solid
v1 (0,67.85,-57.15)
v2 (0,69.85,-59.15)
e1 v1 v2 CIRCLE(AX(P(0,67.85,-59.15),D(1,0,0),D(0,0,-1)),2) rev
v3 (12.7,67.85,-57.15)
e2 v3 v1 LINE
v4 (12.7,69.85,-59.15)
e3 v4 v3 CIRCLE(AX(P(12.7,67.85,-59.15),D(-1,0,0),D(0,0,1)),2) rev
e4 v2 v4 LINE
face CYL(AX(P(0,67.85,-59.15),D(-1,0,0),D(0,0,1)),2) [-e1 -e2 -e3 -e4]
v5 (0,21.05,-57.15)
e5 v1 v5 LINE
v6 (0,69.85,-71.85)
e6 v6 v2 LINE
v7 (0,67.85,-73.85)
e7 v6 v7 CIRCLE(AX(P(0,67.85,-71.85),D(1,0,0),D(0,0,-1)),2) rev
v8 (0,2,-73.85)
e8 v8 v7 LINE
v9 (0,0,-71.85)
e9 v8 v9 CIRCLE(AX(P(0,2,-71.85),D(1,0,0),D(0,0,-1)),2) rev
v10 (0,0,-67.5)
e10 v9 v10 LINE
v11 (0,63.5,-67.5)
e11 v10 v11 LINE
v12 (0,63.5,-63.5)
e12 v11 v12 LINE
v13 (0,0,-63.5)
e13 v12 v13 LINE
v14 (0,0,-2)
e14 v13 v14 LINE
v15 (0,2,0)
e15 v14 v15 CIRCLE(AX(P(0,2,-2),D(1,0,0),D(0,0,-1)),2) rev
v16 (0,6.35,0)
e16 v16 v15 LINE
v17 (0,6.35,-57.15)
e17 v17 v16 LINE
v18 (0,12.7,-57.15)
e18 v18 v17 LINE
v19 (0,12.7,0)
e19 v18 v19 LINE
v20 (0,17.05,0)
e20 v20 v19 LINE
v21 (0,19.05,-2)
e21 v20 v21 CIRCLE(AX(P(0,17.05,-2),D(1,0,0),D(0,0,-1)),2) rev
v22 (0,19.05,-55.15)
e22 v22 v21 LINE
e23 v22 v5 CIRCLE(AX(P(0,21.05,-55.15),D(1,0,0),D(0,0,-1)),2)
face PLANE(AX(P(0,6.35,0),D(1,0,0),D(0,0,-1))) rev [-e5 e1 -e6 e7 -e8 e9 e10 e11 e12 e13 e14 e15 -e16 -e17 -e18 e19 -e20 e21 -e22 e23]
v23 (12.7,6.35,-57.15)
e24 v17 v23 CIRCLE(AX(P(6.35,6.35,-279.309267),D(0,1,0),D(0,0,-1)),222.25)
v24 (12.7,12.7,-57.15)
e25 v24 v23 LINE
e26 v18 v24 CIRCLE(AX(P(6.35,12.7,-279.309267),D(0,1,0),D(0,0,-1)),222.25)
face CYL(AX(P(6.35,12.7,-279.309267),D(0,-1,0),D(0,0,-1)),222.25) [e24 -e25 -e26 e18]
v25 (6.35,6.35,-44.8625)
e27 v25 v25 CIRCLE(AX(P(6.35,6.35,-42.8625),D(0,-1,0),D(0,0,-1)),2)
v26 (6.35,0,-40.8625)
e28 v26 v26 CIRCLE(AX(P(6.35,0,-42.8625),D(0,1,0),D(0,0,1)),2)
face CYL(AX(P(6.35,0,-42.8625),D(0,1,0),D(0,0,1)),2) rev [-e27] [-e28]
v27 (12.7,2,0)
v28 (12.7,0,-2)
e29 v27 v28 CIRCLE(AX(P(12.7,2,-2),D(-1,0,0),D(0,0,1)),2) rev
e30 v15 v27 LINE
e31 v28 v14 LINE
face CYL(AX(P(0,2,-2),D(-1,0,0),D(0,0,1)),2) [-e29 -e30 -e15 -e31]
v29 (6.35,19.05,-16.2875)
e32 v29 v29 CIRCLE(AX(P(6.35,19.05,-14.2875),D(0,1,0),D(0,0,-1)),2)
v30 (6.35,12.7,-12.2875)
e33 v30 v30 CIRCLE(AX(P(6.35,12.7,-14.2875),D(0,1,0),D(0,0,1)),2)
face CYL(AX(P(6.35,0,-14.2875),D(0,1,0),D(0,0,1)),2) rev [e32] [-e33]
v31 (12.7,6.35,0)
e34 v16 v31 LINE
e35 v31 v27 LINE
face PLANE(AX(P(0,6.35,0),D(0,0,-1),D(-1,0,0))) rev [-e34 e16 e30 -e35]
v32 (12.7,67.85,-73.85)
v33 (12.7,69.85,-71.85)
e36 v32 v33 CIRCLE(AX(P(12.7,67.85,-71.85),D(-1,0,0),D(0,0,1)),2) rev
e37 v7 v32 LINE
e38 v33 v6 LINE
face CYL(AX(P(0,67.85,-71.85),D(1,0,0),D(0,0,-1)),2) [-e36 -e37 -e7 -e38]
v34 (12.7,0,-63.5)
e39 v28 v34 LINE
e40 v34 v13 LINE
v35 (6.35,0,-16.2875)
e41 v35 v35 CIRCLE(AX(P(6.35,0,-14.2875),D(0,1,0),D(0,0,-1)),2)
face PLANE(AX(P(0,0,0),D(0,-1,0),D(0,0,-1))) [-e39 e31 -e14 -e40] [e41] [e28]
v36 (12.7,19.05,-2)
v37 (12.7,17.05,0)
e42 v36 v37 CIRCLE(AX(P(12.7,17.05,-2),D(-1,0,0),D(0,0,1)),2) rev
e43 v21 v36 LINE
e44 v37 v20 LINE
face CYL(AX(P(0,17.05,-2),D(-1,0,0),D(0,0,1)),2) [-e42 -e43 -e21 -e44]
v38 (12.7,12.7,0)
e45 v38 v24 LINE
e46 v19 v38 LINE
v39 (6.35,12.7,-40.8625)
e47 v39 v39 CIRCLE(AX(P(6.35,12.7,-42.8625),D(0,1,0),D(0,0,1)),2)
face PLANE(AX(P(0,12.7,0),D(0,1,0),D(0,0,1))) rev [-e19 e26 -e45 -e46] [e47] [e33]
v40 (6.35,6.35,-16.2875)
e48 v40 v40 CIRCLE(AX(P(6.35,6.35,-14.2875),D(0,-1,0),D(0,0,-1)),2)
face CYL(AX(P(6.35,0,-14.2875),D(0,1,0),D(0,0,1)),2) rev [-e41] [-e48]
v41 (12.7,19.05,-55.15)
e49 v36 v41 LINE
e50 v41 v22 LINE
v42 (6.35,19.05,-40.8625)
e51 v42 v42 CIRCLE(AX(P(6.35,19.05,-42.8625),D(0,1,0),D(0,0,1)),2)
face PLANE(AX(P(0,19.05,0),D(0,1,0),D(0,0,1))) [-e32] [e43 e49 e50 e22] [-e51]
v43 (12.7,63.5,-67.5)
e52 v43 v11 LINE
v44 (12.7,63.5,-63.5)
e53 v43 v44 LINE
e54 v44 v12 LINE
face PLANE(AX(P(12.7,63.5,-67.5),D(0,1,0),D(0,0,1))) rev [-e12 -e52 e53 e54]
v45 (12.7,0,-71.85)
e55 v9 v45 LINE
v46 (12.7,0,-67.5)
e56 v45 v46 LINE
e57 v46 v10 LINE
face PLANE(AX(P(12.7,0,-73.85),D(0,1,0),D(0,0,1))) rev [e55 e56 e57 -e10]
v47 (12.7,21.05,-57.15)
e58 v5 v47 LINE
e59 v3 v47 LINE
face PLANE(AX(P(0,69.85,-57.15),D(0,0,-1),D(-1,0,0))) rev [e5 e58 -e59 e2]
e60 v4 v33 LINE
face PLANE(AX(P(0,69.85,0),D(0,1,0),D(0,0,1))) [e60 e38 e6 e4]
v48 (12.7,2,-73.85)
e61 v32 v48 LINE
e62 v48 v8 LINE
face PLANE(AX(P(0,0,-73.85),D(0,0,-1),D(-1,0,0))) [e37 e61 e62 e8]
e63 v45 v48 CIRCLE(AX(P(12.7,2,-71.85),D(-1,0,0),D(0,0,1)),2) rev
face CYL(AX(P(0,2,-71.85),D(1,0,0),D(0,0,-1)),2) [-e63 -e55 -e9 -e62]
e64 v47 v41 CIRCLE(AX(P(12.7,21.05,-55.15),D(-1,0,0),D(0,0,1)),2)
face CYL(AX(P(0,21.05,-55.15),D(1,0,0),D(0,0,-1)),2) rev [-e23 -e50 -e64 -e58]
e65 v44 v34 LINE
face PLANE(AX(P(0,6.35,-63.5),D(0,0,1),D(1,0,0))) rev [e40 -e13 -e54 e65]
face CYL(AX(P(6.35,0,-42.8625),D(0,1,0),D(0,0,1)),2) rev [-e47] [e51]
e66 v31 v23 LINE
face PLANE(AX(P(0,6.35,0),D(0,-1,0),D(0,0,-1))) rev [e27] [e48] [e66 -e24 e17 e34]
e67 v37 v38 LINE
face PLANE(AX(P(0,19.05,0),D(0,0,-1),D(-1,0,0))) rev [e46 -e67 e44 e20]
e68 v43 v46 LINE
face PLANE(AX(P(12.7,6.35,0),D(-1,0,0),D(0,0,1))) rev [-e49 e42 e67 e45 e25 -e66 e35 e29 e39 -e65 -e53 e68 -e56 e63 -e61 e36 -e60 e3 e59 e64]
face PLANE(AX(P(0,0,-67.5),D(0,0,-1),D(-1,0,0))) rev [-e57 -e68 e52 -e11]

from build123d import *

# Parameters (mm, degrees)
SKETCH1_W           = 12.7
SKETCH1_H           = 63.5
BOSS_EXTRUDE1_DEPTH = 6.35
SKETCH2_W           = 12.7
SKETCH2_H           = 6.35
BOSS_EXTRUDE2_DEPTH = 6.35
SKETCH3_W           = 12.7
SKETCH3_H           = 63.5
BOSS_EXTRUDE3_DEPTH = 6.35
SKETCH4_W           = 12.7
SKETCH4_H           = 6.35
BOSS_EXTRUDE4_DEPTH = 50.8
SKETCH5_W           = 12.7
SKETCH5_H           = 6.35
BOSS_EXTRUDE5_DEPTH = 4
SKETCH6_W           = 12.7
SKETCH6_H           = 69.85
BOSS_EXTRUDE6_DEPTH = 6.35
BOSS_EXTRUDE7_DEPTH = 6.35
SKETCH9_R           = 2
CUT_EXTRUDE1_DEPTH  = 91.530395448
FILLET1_R           = 2
FILLET2_R           = 2


with BuildPart() as part:
    # Sketch1 → Boss-Extrude1 (new body)
    with BuildSketch(Plane(origin=(0, 0, 0), x_dir=(1, 0, 0), z_dir=(0, 1, 0))):
        with Locations((6.35, 31.75)):
            Rectangle(SKETCH1_W, SKETCH1_H)
    extrude(amount=BOSS_EXTRUDE1_DEPTH)

    # Sketch2 → Boss-Extrude2 (add)
    with BuildSketch(Plane(origin=(0, 6.35, 0), x_dir=(1, 0, 0), z_dir=(0, 1, 0))):
        with Locations((6.35, 60.325)):
            Rectangle(SKETCH2_W, SKETCH2_H)
    extrude(amount=BOSS_EXTRUDE2_DEPTH)

    # Sketch3 → Boss-Extrude3 (add)
    with BuildSketch(Plane(origin=(0, 12.7, 0), x_dir=(1, 0, 0), z_dir=(0, 1, 0))):
        with Locations((6.35, 31.75)):
            Rectangle(SKETCH3_W, SKETCH3_H)
    extrude(amount=BOSS_EXTRUDE3_DEPTH)

    # Sketch4 → Boss-Extrude4 (add)
    with BuildSketch(Plane(origin=(0, 19.05, 0), x_dir=(1, 0, 0), z_dir=(0, 1, 0))):
        with Locations((6.35, 60.325)):
            Rectangle(SKETCH4_W, SKETCH4_H)
    extrude(amount=BOSS_EXTRUDE4_DEPTH)

    # Sketch5 → Boss-Extrude5 (add)
    with BuildSketch(Plane(origin=(0, 0, -63.5), x_dir=(-1, 0, 0), z_dir=(0, 0, -1))):
        with Locations((-6.35, 66.675)):
            Rectangle(SKETCH5_W, SKETCH5_H)
    extrude(amount=BOSS_EXTRUDE5_DEPTH)

    # Sketch6 → Boss-Extrude6 (add)
    with BuildSketch(Plane(origin=(0, 0, -67.5), x_dir=(-1, 0, 0), z_dir=(0, 0, -1))):
        with Locations((-6.35, 34.925)):
            Rectangle(SKETCH6_W, SKETCH6_H)
    extrude(amount=BOSS_EXTRUDE6_DEPTH)

    # Sketch7 → Boss-Extrude7 (add)
    with BuildSketch(Plane(origin=(0, 6.35, 0), x_dir=(1, 0, 0), z_dir=(0, 1, 0))):
        with BuildLine():
            Line((12.7, 57.15), (0, 57.15))
            ThreePointArc((0, 57.15), (6.35, 57.059267194), (12.7, 57.15))
        make_face()
    extrude(amount=BOSS_EXTRUDE7_DEPTH)

    # Sketch9 → Cut-Extrude1 (cut, through all)
    with BuildSketch(Plane(origin=(0, 19.05, 0), x_dir=(1, 0, 0), z_dir=(0, 1, 0))):
        with Locations(Location((6.35, 42.8625, 0), (0, 0, 270))):
            Circle(SKETCH9_R)
        with Locations(Location((6.35, 14.2875, 0), (0, 0, 270))):
            Circle(SKETCH9_R)
    extrude(amount=-CUT_EXTRUDE1_DEPTH, mode=Mode.SUBTRACT)

    # Fillet1
    fillet1_edges = [part.edges().sort_by_distance(p)[0] for p in [
        (6.35, 19.05, 0),
        (6.35, 69.85, -57.15),
        (6.35, 0, 0),
        (6.35, 0, -73.85),
        (6.35, 69.85, -73.85),
    ]]
    fillet(fillet1_edges, radius=FILLET1_R)

    # Fillet2
    fillet2_edges = [part.edges().sort_by_distance(p)[0] for p in [
        (6.35, 19.05, -57.15),
    ]]
    fillet(fillet2_edges, radius=FILLET2_R)


solid = part.part
